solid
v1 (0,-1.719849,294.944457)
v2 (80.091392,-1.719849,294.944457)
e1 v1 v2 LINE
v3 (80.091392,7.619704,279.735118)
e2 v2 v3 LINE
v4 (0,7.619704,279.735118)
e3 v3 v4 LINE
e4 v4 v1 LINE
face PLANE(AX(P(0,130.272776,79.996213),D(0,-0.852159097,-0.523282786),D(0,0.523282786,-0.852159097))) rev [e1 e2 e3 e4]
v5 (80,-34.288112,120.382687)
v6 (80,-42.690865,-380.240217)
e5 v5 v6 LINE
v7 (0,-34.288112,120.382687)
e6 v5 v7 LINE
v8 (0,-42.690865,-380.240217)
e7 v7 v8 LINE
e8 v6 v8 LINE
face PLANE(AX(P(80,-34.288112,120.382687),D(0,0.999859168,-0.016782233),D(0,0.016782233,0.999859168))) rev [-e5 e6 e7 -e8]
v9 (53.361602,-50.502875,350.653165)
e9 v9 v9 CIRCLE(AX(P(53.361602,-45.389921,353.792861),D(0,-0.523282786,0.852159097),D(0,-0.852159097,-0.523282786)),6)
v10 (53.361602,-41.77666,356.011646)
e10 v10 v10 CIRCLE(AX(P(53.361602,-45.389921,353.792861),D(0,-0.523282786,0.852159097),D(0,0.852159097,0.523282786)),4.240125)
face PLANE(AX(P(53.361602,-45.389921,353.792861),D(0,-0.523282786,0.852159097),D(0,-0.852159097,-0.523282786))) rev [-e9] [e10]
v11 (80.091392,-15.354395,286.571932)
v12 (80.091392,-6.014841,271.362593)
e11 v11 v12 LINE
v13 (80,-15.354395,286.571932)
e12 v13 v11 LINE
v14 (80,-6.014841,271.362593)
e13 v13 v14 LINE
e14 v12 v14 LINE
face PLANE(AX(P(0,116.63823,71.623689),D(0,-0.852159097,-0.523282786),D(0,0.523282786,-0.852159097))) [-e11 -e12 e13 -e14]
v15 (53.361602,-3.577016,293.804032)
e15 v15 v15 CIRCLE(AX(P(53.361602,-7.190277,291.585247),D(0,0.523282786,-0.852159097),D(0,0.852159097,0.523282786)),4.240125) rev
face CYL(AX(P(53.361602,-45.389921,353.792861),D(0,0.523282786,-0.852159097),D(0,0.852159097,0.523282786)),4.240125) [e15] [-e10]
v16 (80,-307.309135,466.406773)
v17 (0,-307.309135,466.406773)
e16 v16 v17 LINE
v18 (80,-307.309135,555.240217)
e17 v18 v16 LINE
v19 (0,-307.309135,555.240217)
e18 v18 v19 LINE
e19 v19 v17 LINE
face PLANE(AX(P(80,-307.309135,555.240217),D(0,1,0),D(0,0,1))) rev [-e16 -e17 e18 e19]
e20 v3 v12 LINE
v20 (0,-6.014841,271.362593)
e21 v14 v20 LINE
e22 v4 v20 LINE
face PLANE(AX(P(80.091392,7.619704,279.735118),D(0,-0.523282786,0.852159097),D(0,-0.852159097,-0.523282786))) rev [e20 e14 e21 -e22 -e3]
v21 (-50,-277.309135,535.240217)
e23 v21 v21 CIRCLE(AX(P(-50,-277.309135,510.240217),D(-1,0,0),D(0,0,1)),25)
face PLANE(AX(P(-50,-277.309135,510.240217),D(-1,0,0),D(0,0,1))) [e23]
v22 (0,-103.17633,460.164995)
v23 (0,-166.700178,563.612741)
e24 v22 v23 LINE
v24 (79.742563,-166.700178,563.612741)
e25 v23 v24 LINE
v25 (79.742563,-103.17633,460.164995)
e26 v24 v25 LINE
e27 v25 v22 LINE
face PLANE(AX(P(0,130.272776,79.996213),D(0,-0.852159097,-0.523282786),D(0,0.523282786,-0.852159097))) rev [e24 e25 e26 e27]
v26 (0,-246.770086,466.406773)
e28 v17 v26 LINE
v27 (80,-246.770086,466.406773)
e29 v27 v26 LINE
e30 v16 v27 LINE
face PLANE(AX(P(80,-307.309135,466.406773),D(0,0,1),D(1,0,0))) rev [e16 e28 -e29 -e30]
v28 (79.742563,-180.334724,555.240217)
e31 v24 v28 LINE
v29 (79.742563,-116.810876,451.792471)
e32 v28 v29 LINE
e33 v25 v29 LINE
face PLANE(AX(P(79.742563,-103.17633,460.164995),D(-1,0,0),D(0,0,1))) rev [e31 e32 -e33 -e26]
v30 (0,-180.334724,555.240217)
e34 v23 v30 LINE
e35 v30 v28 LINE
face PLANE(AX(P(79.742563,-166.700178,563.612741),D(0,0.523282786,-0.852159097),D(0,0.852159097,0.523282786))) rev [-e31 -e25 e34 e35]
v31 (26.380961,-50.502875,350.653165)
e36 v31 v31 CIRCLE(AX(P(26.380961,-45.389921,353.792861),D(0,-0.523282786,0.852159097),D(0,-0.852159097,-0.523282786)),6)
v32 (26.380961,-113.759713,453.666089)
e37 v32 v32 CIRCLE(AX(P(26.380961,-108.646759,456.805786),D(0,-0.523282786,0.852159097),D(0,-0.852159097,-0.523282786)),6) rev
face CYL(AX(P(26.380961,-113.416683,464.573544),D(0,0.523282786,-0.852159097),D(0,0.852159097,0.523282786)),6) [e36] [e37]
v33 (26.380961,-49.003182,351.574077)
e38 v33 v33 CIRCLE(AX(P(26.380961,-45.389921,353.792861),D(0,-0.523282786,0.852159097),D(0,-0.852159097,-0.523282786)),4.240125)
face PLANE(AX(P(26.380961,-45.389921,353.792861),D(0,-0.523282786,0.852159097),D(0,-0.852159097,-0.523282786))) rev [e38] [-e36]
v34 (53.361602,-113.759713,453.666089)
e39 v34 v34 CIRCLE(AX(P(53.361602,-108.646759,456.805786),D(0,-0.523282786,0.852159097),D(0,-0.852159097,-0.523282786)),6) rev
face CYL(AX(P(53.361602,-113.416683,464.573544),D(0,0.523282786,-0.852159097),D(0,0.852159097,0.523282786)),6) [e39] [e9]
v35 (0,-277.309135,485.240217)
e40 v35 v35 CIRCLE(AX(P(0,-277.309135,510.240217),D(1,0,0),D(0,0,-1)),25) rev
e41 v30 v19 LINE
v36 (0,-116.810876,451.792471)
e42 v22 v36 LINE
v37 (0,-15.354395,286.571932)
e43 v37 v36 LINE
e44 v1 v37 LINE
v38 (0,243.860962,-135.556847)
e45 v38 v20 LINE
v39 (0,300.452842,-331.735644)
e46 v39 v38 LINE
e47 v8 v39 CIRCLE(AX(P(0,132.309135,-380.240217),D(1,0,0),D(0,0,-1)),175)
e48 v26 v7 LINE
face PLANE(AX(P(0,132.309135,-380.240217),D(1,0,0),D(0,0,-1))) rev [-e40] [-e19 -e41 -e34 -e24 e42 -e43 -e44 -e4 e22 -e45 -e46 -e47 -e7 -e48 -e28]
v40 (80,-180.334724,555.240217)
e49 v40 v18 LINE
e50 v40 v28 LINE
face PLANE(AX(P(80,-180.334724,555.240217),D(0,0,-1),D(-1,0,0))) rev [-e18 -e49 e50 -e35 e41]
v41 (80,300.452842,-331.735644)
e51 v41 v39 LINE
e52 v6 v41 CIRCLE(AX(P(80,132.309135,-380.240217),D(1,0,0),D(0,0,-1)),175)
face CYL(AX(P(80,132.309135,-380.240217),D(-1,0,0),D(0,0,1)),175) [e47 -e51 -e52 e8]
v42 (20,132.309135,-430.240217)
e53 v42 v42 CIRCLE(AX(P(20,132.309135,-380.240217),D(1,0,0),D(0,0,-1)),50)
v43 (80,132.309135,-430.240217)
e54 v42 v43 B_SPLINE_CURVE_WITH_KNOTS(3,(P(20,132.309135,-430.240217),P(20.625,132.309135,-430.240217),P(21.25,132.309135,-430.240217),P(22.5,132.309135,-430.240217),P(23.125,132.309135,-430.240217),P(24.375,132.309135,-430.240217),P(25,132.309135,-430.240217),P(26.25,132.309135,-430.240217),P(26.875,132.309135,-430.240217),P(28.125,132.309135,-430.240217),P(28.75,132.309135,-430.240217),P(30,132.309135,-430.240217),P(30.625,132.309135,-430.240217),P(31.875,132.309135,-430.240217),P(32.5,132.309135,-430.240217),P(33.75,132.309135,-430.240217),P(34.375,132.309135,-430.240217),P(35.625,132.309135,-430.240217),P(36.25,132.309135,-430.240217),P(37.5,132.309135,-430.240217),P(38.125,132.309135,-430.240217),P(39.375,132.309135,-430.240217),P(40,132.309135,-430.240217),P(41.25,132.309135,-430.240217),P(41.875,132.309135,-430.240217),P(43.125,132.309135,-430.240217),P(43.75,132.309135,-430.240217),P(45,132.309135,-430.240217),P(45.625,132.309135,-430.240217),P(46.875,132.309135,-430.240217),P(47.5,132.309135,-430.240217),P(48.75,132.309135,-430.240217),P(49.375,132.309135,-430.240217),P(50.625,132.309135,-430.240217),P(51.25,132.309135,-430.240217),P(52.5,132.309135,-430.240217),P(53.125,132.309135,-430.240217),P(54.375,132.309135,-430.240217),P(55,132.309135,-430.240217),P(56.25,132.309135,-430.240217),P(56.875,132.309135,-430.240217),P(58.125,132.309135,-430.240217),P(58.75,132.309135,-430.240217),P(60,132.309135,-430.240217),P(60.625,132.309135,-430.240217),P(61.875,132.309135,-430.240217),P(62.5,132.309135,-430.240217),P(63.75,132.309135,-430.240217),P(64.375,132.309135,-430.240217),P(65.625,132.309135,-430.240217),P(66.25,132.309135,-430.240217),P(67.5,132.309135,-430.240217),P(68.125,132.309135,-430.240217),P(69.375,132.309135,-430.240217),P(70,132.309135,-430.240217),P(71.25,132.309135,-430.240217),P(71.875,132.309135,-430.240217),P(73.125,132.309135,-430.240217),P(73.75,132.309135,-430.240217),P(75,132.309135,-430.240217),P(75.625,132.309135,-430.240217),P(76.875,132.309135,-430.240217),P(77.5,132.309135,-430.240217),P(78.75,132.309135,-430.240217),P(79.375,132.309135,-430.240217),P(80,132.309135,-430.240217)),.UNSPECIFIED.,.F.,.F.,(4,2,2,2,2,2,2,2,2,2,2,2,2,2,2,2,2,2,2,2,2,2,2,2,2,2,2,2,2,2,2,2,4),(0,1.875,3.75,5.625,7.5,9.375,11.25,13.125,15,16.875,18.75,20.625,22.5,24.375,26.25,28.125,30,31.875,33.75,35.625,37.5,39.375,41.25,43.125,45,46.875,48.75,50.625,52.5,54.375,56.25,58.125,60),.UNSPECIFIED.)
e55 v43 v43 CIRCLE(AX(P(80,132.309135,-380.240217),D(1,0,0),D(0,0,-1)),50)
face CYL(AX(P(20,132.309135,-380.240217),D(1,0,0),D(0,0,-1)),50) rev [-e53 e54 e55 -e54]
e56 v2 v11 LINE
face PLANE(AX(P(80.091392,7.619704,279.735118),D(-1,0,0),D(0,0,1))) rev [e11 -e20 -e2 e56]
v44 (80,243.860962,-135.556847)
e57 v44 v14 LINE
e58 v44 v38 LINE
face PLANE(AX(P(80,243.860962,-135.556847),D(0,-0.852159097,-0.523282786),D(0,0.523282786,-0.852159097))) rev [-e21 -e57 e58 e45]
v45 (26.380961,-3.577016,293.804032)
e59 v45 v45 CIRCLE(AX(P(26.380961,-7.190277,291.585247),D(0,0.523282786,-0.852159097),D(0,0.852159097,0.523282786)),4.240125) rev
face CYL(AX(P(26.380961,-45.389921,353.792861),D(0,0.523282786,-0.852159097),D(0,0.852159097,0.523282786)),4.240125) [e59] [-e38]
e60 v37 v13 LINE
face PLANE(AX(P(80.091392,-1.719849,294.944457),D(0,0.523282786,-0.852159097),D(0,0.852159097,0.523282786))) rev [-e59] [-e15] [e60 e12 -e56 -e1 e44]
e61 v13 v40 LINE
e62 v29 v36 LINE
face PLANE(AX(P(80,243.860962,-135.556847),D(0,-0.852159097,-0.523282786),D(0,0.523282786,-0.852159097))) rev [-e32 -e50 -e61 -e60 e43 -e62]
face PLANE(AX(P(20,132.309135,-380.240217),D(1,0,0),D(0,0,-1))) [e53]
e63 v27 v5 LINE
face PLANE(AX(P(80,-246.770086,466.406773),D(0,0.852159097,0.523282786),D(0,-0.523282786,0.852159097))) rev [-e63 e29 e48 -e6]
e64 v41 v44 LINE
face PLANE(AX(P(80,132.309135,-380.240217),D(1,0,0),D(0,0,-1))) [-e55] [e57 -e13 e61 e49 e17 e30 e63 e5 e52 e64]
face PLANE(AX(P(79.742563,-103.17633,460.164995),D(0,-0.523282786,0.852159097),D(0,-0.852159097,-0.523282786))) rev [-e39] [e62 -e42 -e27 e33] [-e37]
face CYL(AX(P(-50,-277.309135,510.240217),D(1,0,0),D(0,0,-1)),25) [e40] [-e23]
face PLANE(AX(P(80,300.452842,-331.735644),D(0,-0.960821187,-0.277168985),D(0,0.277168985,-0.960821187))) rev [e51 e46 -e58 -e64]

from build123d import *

# Parameters (mm, degrees)
BOSS_EXTRUDE1_DEPTH = 80
SKETCH2_R           = 50
CUT_EXTRUDE1_DEPTH  = 60
SKETCH3_R           = 25
BOSS_EXTRUDE2_DEPTH = 50
SKETCH4_W           = 79.742563162
SKETCH4_H           = 121.394874173
SKETCH4_W_2         = 80.091391525
SKETCH4_H_2         = 17.848004333
BOSS_EXTRUDE3_DEPTH = 16
SKETCH5_R           = 4.240124883
BOSS_EXTRUDE4_DEPTH = 73
SKETCH6_R           = 6
BOSS_EXTRUDE5_DEPTH = 130


with BuildPart() as part:
    # Sketch1 → Boss-Extrude1 (new body)
    with BuildSketch(Plane(origin=(0, 0, 0), x_dir=(0, 0, -1), z_dir=(1, 0, 0))):
        with BuildLine():
            Line((331.735644451, 300.452842372), (135.556846967, 243.860961507))
            Line((135.556846967, 243.860961507), (-555.240216811, -180.334724))
            Line((-555.240216811, -180.334724), (-555.240216811, -307.30913461))
            Line((-555.240216811, -307.30913461), (-466.406773101, -307.30913461))
            Line((-466.406773101, -307.30913461), (-466.406773101, -246.770086346))
            Line((-466.406773101, -246.770086346), (-120.382687357, -34.288111609))
            Line((-120.382687357, -34.288111609), (380.240216811, -42.69086539))
            ThreePointArc((380.240216811, -42.69086539), (553.517666092, 156.80251271), (331.735644451, 300.452842372))
        make_face()
    extrude(amount=BOSS_EXTRUDE1_DEPTH)

    # Sketch2 → Cut-Extrude1 (cut)
    with BuildSketch(Plane(origin=(80, 0, 0), x_dir=(0, 0, -1), z_dir=(1, 0, 0))):
        with Locations((380.240216811, 132.30913461)):
            Circle(SKETCH2_R)
    extrude(amount=-CUT_EXTRUDE1_DEPTH, mode=Mode.SUBTRACT)

    # Sketch3 → Boss-Extrude2 (add)
    with BuildSketch(Plane.ZY):
        with Locations(Location((510.240216811, -277.30913461, 0), (0, 0, 180))):
            Circle(SKETCH3_R)
    extrude(amount=BOSS_EXTRUDE2_DEPTH)

    # Sketch4 → Boss-Extrude3 (add)
    with BuildSketch(Plane(origin=(0, 116.638229969, 71.623688797), x_dir=(1, 0, 0), z_dir=(0, 0.8521590965506678, 0.5232827860401582))):
        with Locations((39.871281581, -506.821621235)):
            Rectangle(SKETCH4_W, SKETCH4_H)
        with Locations((40.045695763, -243.31556705)):
            Rectangle(SKETCH4_W_2, SKETCH4_H_2)
    extrude(amount=BOSS_EXTRUDE3_DEPTH)

    # Sketch5 → Boss-Extrude4 (add)
    with BuildSketch(Plane(origin=(0, -131.992624529, 214.948243417), x_dir=(1, 0, 0), z_dir=(0, -0.5232827860401582, 0.8521590965506678))):
        with Locations(Location((26.380961451, 146.454280366, 0), (0, 0, 90))):
            Circle(SKETCH5_R)
        with Locations(Location((53.361601711, 146.454280366, 0), (0, 0, 90))):
            Circle(SKETCH5_R)
    extrude(amount=BOSS_EXTRUDE4_DEPTH)

    # Sketch6 → Boss-Extrude5 (add)
    with BuildSketch(Plane(origin=(0, -170.19226791, 277.155857465), x_dir=(1, 0, 0), z_dir=(0, -0.5232827860401582, 0.8521590965506676))):
        with Locations(Location((26.380961451, 146.454280366, 0), (0, 0, 270))):
            Circle(SKETCH6_R)
        with Locations(Location((53.361601711, 146.454280366, 0), (0, 0, 270))):
            Circle(SKETCH6_R)
    extrude(amount=BOSS_EXTRUDE5_DEPTH)


solid = part.part
